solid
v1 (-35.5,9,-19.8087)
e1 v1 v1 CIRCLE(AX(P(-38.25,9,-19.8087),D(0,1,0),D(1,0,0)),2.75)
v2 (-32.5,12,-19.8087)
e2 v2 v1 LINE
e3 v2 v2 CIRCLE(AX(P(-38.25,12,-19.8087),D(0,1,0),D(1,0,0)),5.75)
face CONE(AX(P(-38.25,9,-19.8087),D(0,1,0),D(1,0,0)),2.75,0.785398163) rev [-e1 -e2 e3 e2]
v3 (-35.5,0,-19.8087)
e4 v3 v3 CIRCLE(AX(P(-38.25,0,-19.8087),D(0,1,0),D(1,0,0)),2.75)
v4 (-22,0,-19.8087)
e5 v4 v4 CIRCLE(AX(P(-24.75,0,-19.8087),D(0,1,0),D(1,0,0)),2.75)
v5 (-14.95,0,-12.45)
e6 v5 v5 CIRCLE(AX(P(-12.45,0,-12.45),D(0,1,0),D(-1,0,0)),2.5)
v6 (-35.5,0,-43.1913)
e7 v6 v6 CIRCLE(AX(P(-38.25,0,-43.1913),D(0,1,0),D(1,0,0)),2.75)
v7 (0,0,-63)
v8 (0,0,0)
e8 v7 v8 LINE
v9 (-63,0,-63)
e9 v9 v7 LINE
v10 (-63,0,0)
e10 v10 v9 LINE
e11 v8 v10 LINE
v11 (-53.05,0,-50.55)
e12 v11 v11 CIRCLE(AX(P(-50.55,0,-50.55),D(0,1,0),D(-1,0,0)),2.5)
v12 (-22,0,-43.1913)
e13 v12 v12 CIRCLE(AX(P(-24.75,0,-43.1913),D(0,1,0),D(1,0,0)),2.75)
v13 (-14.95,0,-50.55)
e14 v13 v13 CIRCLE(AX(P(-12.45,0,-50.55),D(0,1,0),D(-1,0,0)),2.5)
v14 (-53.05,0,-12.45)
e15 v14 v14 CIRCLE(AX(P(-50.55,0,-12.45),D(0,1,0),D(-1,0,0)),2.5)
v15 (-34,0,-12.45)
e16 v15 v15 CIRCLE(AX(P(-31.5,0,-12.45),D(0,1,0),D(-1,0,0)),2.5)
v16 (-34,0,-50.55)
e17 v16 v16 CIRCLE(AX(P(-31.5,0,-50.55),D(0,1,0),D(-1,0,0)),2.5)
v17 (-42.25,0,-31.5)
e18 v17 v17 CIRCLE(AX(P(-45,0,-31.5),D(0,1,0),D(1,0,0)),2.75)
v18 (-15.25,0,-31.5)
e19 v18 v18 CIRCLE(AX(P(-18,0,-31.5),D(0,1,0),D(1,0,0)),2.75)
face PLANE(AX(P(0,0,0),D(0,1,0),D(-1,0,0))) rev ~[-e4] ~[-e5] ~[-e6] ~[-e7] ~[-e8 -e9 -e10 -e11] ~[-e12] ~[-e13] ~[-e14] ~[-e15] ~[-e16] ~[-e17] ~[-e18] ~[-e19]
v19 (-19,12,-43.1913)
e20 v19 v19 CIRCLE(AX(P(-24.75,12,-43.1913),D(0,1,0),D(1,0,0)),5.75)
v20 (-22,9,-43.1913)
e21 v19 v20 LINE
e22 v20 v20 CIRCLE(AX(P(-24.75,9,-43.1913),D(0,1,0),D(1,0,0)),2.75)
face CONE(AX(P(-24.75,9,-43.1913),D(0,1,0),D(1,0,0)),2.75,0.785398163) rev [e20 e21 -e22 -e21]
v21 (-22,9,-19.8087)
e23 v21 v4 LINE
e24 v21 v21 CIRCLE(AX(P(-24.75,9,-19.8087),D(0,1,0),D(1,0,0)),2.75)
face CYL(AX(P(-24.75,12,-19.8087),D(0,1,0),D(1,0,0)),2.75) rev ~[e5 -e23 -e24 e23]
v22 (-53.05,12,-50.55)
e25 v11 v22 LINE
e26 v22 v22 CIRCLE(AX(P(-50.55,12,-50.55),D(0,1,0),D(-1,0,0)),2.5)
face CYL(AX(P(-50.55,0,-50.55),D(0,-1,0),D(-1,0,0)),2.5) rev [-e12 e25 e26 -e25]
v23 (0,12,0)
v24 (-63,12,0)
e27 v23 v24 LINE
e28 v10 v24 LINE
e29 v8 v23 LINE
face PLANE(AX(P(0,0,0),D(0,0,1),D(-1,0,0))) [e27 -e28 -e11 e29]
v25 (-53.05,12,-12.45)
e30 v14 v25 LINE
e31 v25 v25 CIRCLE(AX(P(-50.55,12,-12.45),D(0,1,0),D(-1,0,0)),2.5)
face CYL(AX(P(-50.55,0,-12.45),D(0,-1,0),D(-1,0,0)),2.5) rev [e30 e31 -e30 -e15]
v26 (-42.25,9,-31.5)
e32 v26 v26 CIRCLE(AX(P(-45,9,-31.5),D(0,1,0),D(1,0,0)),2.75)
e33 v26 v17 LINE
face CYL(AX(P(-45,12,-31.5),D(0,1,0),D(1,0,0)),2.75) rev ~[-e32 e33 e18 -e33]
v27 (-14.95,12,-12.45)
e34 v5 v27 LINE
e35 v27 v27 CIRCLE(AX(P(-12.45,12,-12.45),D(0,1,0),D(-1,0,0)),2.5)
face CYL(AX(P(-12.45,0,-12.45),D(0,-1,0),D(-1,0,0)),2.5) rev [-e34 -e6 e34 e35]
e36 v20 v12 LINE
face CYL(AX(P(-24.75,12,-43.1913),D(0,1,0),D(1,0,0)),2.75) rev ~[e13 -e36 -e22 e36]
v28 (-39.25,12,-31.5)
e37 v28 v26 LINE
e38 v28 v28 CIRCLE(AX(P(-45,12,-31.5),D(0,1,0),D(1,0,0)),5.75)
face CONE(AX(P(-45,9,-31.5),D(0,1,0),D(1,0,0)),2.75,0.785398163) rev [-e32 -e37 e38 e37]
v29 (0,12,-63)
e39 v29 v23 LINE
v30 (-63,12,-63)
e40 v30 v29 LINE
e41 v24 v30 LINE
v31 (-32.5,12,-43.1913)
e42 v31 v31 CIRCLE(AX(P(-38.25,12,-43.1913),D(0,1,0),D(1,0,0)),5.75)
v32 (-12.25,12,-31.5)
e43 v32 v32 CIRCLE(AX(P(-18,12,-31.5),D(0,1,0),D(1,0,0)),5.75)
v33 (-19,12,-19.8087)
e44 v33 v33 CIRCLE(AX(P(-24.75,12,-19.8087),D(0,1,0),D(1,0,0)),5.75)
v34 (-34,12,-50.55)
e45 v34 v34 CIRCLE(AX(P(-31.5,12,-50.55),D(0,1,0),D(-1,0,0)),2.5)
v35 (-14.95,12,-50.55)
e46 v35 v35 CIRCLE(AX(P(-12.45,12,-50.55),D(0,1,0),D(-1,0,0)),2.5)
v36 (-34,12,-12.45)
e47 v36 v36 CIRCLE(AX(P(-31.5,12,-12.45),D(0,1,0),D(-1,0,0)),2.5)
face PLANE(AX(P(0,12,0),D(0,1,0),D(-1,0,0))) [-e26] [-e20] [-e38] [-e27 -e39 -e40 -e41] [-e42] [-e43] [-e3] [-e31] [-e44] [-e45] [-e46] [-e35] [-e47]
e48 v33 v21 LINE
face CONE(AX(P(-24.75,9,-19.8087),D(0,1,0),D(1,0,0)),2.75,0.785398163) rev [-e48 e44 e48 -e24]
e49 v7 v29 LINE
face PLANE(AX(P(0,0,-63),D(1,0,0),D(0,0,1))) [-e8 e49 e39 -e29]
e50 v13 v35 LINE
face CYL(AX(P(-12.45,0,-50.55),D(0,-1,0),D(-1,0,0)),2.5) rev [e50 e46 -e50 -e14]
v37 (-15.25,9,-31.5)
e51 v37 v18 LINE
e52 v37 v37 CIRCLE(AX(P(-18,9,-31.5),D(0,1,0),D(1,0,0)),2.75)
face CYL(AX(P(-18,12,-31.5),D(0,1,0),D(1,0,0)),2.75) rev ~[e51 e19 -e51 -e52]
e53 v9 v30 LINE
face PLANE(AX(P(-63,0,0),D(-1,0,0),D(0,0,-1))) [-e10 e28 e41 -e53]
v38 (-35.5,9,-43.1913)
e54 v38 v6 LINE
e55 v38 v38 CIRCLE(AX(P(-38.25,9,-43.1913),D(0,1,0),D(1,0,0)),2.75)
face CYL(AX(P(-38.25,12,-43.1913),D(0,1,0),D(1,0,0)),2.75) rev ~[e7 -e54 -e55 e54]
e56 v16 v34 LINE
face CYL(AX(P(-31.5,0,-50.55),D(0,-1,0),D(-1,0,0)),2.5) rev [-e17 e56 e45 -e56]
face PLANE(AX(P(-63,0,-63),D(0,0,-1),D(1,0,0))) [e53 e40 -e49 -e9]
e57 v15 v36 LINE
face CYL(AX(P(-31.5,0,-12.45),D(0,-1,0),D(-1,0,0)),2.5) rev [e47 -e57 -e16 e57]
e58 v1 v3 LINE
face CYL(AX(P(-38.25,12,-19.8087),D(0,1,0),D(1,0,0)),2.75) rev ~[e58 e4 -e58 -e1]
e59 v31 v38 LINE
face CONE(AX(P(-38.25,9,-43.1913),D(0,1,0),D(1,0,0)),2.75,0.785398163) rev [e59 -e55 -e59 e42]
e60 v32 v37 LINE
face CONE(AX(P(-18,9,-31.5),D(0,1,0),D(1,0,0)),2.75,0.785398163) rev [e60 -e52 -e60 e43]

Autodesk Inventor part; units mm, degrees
ref_plane "YZ Plane" through (0, 0, 0) normal (1, 0, 0) x (0, 1, 0)
ref_plane "XZ Plane" through (0, 0, 0) normal (0, 1, 0) x (-1, 0, 0)
ref_plane "XY Plane" through (0, 0, 0) normal (0, 0, 1) x (1, 0, 0)
sketch "Sketch1" plane through (0, 0, 0) normal (0, 1, 0) x (-1, 0, 0)
  line L0 (0, 0) -> (63, 0)
  line L1 (63, 0) -> (63, -63)
  line L2 (63, -63) -> (0, -63)
  line L3 (0, -63) -> (0, 0)
  circle A0 centre (31.5, -31.5) radius 3.1
  circle A1 centre (12.45, -12.45) radius 2.5
  circle A2 centre (31.5, -12.45) radius 2.5
  circle A3 centre (50.55, -12.45) radius 2.5
  circle A4 centre (12.45, -50.55) radius 2.5
  circle A5 centre (31.5, -50.55) radius 2.5
  circle A6 centre (50.55, -50.55) radius 2.5
  point P0 (31.5, -63)
  dimension "d0" = 63
  dimension "d1" = 63
  dimension "d2" = 6.2
  dimension "d3" = 31.5
  dimension "d4" = 31.5
  dimension "d5" = 19.05
  dimension "d6" = 19.05
  dimension "d7" = 5
  dimension "d10" = 19.05
  dimension "d13" = 38.1
extrude "Extrusion1" add sketch "Sketch1" along normal blind 12 contours L0 L1 L2 L3 | A0
sketch "Sketch2" plane through (0, 12, 0) normal (0, 1, 0) x (1, 0, 0)
  circle A0 centre (-45, 31.5) radius 2.75
  circle A1 centre (-31.5, 31.5) radius 3.1 projected
  circle A2 centre (-38.25, 19.8087) radius 2.75
  circle A3 centre (-24.75, 19.8087) radius 2.75
  circle A4 centre (-18, 31.5) radius 2.75
  circle A5 centre (-24.75, 43.1913) radius 2.75
  circle A6 centre (-38.25, 43.1913) radius 2.75
  point P0 (0, 0)
  dimension "d18" = 5.5
  dimension "d19" = 13.5
  dimension "d20" = 0
  dimension "d23" = 360
extrude "Extrusion2" cut sketch "Sketch2" against normal blind 12 contours A0 | A2 | A3 | A4 | A5 | A6
chamfer "Chamfer1" distance 3 angle 45 6 edges at (-41, 12, -43.1913) (-47.75, 12, -31.5) (-41, 12, -19.8087) (-27.5, 12, -19.8087) (-20.75, 12, -31.5) (-27.5, 12, -43.1913)
thread "Thread2" size "M6x1" class "6H" standard "ANSI Metric M Profile" full length
thread "Thread3" size "M5x0.8" class "6H" standard "ANSI Metric M Profile" full length
thread "Thread4" size "M5x0.8" class "6H" standard "ANSI Metric M Profile" full length
thread "Thread5" size "M5x0.8" class "6H" standard "ANSI Metric M Profile" full length
thread "Thread6" size "M5x0.8" class "6H" standard "ANSI Metric M Profile" full length
thread "Thread7" size "M5x0.8" class "6H" standard "ANSI Metric M Profile" full length
equation "\"d3\" = 0.5 * d1"
equation "\"d4\" = 0.5 * d0"
properties part number "Adapter plate for tube dovetail bracket"
